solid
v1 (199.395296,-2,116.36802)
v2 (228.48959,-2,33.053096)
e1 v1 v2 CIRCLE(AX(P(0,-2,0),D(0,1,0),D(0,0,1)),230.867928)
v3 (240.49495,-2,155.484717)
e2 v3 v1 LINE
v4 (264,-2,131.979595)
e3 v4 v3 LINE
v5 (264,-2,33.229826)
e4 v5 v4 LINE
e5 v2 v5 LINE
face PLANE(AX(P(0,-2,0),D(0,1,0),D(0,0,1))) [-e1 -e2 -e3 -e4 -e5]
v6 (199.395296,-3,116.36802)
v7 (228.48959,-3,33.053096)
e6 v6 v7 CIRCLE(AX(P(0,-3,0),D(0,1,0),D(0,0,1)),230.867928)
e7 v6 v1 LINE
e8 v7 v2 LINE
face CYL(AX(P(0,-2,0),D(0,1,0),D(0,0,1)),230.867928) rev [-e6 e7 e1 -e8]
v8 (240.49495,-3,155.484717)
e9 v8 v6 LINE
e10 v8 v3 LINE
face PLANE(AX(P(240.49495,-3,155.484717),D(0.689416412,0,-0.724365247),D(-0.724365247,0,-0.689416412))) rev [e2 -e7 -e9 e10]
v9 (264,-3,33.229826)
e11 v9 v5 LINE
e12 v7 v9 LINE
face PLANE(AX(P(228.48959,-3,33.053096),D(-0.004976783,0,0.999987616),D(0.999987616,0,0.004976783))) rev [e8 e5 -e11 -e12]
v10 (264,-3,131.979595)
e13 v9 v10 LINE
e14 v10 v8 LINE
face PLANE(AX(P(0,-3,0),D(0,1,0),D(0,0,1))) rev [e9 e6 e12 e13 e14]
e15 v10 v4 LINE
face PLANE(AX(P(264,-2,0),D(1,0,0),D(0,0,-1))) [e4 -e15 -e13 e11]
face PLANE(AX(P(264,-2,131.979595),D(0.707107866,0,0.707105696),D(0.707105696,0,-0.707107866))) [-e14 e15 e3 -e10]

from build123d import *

# Parameters (mm, degrees)
BASEPLATE_PROFILE_DEPTH               = 2
SKETCH2_R                             = 1
M3_PINS_DEPTH                         = 5
M3_PINS_TAPER                         = 7
CIRPATTERN1_COUNT                     = 32
SKETCH4_R                             = 1
PILLAR_PINS_DEPTH                     = 5
PILLAR_PINS_DRAFT                     = 6
PILLAR_PINS_PROFILE_2_DEPTH           = 5
PILLAR_PINS_PROFILE_2_DRAFT           = 6
CIRPATTERN2_COPY_1_SKETCH_R           = 1
CIRPATTERN2_COPY_1_DEPTH              = 5
CIRPATTERN2_COPY_1_DRAFT              = 6
CIRPATTERN2_COPY_2_SKETCH_R           = 1
CIRPATTERN2_COPY_2_DEPTH              = 5
CIRPATTERN2_COPY_2_DRAFT              = 6
CIRPATTERN2_COPY_3_SKETCH_R           = 1
CIRPATTERN2_COPY_3_DEPTH              = 5
CIRPATTERN2_COPY_3_DRAFT              = 6
CIRPATTERN2_COPY_4_SKETCH_R           = 1
CIRPATTERN2_COPY_4_DEPTH              = 5
CIRPATTERN2_COPY_4_DRAFT              = 6
CIRPATTERN2_COPY_5_SKETCH_R           = 1
CIRPATTERN2_COPY_5_DEPTH              = 5
CIRPATTERN2_COPY_5_DRAFT              = 6
CIRPATTERN2_COPY_6_SKETCH_R           = 1
CIRPATTERN2_COPY_6_DEPTH              = 5
CIRPATTERN2_COPY_6_DRAFT              = 6
CIRPATTERN2_COPY_7_SKETCH_R           = 1
CIRPATTERN2_COPY_7_DEPTH              = 5
CIRPATTERN2_COPY_7_DRAFT              = 6
CIRPATTERN2_COPY_8_SKETCH_R           = 1
CIRPATTERN2_COPY_8_DEPTH              = 5
CIRPATTERN2_COPY_8_DRAFT              = 6
CIRPATTERN2_COPY_9_SKETCH_R           = 1
CIRPATTERN2_COPY_9_DEPTH              = 5
CIRPATTERN2_COPY_9_DRAFT              = 6
CIRPATTERN2_COPY_10_SKETCH_R          = 1
CIRPATTERN2_COPY_10_DEPTH             = 5
CIRPATTERN2_COPY_10_DRAFT             = 6
CIRPATTERN2_COPY_11_SKETCH_R          = 1
CIRPATTERN2_COPY_11_DEPTH             = 5
CIRPATTERN2_COPY_11_DRAFT             = 6
CIRPATTERN2_COPY_12_SKETCH_R          = 1
CIRPATTERN2_COPY_12_DEPTH             = 5
CIRPATTERN2_COPY_12_DRAFT             = 6
CIRPATTERN2_COPY_13_SKETCH_R          = 1
CIRPATTERN2_COPY_13_DEPTH             = 5
CIRPATTERN2_COPY_13_DRAFT             = 6
CIRPATTERN2_COPY_14_SKETCH_R          = 1
CIRPATTERN2_COPY_14_DEPTH             = 5
CIRPATTERN2_COPY_14_DRAFT             = 6
CIRPATTERN2_COPY_15_SKETCH_R          = 1
CIRPATTERN2_COPY_15_DEPTH             = 5
CIRPATTERN2_COPY_15_DRAFT             = 6
SKETCH5_R                             = 3
M8_HOLE_1_DEPTH                       = 5
M8_HOLE_1_TAPER                       = 12
M8_1_PATTERN_COUNT                    = 4
SKETCH6_R                             = 3
EXTRUDE_M8_2_DEPTH                    = 5
EXTRUDE_M8_2_TAPER                    = 12
M8_2_PATTERN_COUNT                    = 4
PATTERN_CIRCULAR_M8_3_COUNT           = 2
PATTERN_CIRCULAR_M8_3_ANGLE           = 36.9
PATTERN_CIRCULAR_M8_3_COPY_1_SKETCH_R = 3
PATTERN_CIRCULAR_M8_3_COPY_1_DEPTH    = 5
PATTERN_CIRCULAR_M8_3_COPY_1_TAPER    = 12
PATTERN_CIRCULAR_M8_3_COPY_2_SKETCH_R = 3
PATTERN_CIRCULAR_M8_3_COPY_2_DEPTH    = 5
PATTERN_CIRCULAR_M8_3_COPY_2_TAPER    = 12
PATTERN_CIRCULAR_M8_3_COPY_3_SKETCH_R = 3
PATTERN_CIRCULAR_M8_3_COPY_3_DEPTH    = 5
PATTERN_CIRCULAR_M8_3_COPY_3_TAPER    = 12
CUT_CENTER_DEPTH                      = 374.385859402
CIRPATTERN7_COUNT                     = 6
SKETCH16_W                            = 706.015434107
SKETCH16_H                            = 962.246603821
SKETCH16_W_2                          = 199
SKETCH16_H_2                          = 199
CUT_EXTRUDE4_DEPTH                    = 374.417996354
CUT_EXTRUDE5_DEPTH                    = 374.385859402
BOSS_EXTRUDE3_DEPTH                   = 2
BOSS_EXTRUDE4_DEPTH                   = 1
SKETCH21_W                            = 326.425161963
SKETCH21_H                            = 364.538398874
CUT_EXTRUDE6_DEPTH                    = 374.417996354


with BuildPart() as part:
    # Sketch1 → baseplate profile (new body)
    with BuildSketch(Plane(origin=(0, 0, 0), x_dir=(1, 0, 0), z_dir=(0, 1, 0))):
        Polygon((264, 0), (264, 131.98), (131.979594929, 264), (0, 264), (-131.98, 264), (-264, 131.979594929), (-264, 0), (-264, -131.98), (-131.979594929, -264), (0, -264), (131.98, -264), (264, -131.979594929), align=None)
    extrude(amount=-BASEPLATE_PROFILE_DEPTH)

    # Sketch2 → M3 pins (add)
    with BuildSketch(Plane(origin=(0, 0, 0), x_dir=(1, 0, 0), z_dir=(0, 1, 0))):
        with Locations((0, 248)):
            Circle(SKETCH2_R)
    m3_pins = extrude(amount=M3_PINS_DEPTH, taper=M3_PINS_TAPER)

    # CirPattern1: M3 pins ×32 about axis
    cirpattern1_axis = Axis((0, 0, 0), (0, 1, 0))
    for i in range(1, CIRPATTERN1_COUNT):
        add(m3_pins.rotate(cirpattern1_axis, i * 360 / CIRPATTERN1_COUNT))


with BuildPart() as pillar_pins_tool:
    # Sketch4 → pillar pins (with draft: the straight prism first)
    with BuildSketch(Plane(origin=(0, 0, 0), x_dir=(1, 0, 0), z_dir=(0, 1, 0))):
        with Locations((9, 201)):
            Circle(SKETCH4_R)
    extrude(amount=PILLAR_PINS_DEPTH)
    # pillar pins: the draft: its side faces are tilted about the plane it starts from
    pillar_pins_sides = [pillar_pins_tool.faces().sort_by_distance(p)[0] for p in [
        (8, 2.5, -201),
    ]]
    draft(pillar_pins_sides, Plane(origin=(0, 0, 0), x_dir=(1, 0, 0), z_dir=(0, 1, 0)), PILLAR_PINS_DRAFT)


with BuildPart() as part_1:
    add(part.part)

    # pillar pins: add pillar_pins_tool
    add(pillar_pins_tool.part)


with BuildPart() as pillar_pins_profile_2_tool:
    # Sketch4 → pillar pins profile 2 (with draft: the straight prism first)
    with BuildSketch(Plane(origin=(0, 0, 0), x_dir=(1, 0, 0), z_dir=(0, 1, 0))):
        with Locations((-9, 201)):
            Circle(SKETCH4_R)
    extrude(amount=PILLAR_PINS_PROFILE_2_DEPTH)
    # pillar pins profile 2: the draft: its side faces are tilted about the plane it starts from
    pillar_pins_profile_2_sides = [pillar_pins_profile_2_tool.faces().sort_by_distance(p)[0] for p in [
        (-10, 2.5, -201),
    ]]
    draft(pillar_pins_profile_2_sides, Plane(origin=(0, 0, 0), x_dir=(1, 0, 0), z_dir=(0, 1, 0)), PILLAR_PINS_PROFILE_2_DRAFT)


with BuildPart() as part_2:
    add(part_1.part)

    # pillar pins profile 2: add pillar_pins_profile_2_tool
    add(pillar_pins_profile_2_tool.part)


with BuildPart() as cirpattern2_copy_1_tool:
    # CirPattern2 copy 1 sketch → CirPattern2 copy 1 (with draft: the straight prism first)
    with BuildSketch(Plane(origin=(0, 0, 0), x_dir=(0.5000000000000001, 0, -0.8660254037844386), z_dir=(0, 1, 0))):
        with Locations((9, 201)):
            Circle(CIRPATTERN2_COPY_1_SKETCH_R)
    extrude(amount=CIRPATTERN2_COPY_1_DEPTH)
    # CirPattern2 copy 1: the draft: its side faces are tilted about the plane it starts from
    cirpattern2_copy_1_sides = [cirpattern2_copy_1_tool.faces().sort_by_distance(p)[0] for p in [
        (-170.071106161, 2.5, -107.42820323),
    ]]
    draft(cirpattern2_copy_1_sides, Plane(origin=(0, 0, 0), x_dir=(0.5000000000000001, 0, -0.8660254037844386), z_dir=(0, 1, 0)), CIRPATTERN2_COPY_1_DRAFT)


with BuildPart() as part_3:
    add(part_2.part)

    # CirPattern2 copy 1: add cirpattern2_copy_1_tool
    add(cirpattern2_copy_1_tool.part)


with BuildPart() as cirpattern2_copy_2_tool:
    # CirPattern2 copy 2 sketch → CirPattern2 copy 2 (with draft: the straight prism first)
    with BuildSketch(Plane(origin=(0, 0, 0), x_dir=(-0.4999999999999998, 0, -0.8660254037844387), z_dir=(0, 1, 0))):
        with Locations((9, 201)):
            Circle(CIRPATTERN2_COPY_2_SKETCH_R)
    extrude(amount=CIRPATTERN2_COPY_2_DEPTH)
    # CirPattern2 copy 2: the draft: its side faces are tilted about the plane it starts from
    cirpattern2_copy_2_sides = [cirpattern2_copy_2_tool.faces().sort_by_distance(p)[0] for p in [
        (-178.071106161, 2.5, 93.57179677),
    ]]
    draft(cirpattern2_copy_2_sides, Plane(origin=(0, 0, 0), x_dir=(-0.4999999999999998, 0, -0.8660254037844387), z_dir=(0, 1, 0)), CIRPATTERN2_COPY_2_DRAFT)


with BuildPart() as part_4:
    add(part_3.part)

    # CirPattern2 copy 2: add cirpattern2_copy_2_tool
    add(cirpattern2_copy_2_tool.part)


with BuildPart() as cirpattern2_copy_3_tool:
    # CirPattern2 copy 3 sketch → CirPattern2 copy 3 (with draft: the straight prism first)
    with BuildSketch(Plane(origin=(0, 0, 0), x_dir=(-1, 0, 0), z_dir=(0, 1, 0))):
        with Locations((9, 201)):
            Circle(CIRPATTERN2_COPY_3_SKETCH_R)
    extrude(amount=CIRPATTERN2_COPY_3_DEPTH)
    # CirPattern2 copy 3: the draft: its side faces are tilted about the plane it starts from
    cirpattern2_copy_3_sides = [cirpattern2_copy_3_tool.faces().sort_by_distance(p)[0] for p in [
        (-8, 2.5, 201),
    ]]
    draft(cirpattern2_copy_3_sides, Plane(origin=(0, 0, 0), x_dir=(-1, 0, 0), z_dir=(0, 1, 0)), CIRPATTERN2_COPY_3_DRAFT)


with BuildPart() as part_5:
    add(part_4.part)

    # CirPattern2 copy 3: add cirpattern2_copy_3_tool
    add(cirpattern2_copy_3_tool.part)


with BuildPart() as cirpattern2_copy_4_tool:
    # CirPattern2 copy 4 sketch → CirPattern2 copy 4 (with draft: the straight prism first)
    with BuildSketch(Plane(origin=(0, 0, 0), x_dir=(-0.5000000000000004, 0, 0.8660254037844384), z_dir=(0, 1, 0))):
        with Locations((9, 201)):
            Circle(CIRPATTERN2_COPY_4_SKETCH_R)
    extrude(amount=CIRPATTERN2_COPY_4_DEPTH)
    # CirPattern2 copy 4: the draft: its side faces are tilted about the plane it starts from
    cirpattern2_copy_4_sides = [cirpattern2_copy_4_tool.faces().sort_by_distance(p)[0] for p in [
        (170.071106161, 2.5, 107.42820323),
    ]]
    draft(cirpattern2_copy_4_sides, Plane(origin=(0, 0, 0), x_dir=(-0.5000000000000004, 0, 0.8660254037844384), z_dir=(0, 1, 0)), CIRPATTERN2_COPY_4_DRAFT)


with BuildPart() as part_6:
    add(part_5.part)

    # CirPattern2 copy 4: add cirpattern2_copy_4_tool
    add(cirpattern2_copy_4_tool.part)


with BuildPart() as cirpattern2_copy_5_tool:
    # CirPattern2 copy 5 sketch → CirPattern2 copy 5 (with draft: the straight prism first)
    with BuildSketch(Plane(origin=(0, 0, 0), x_dir=(0.5000000000000001, 0, 0.8660254037844386), z_dir=(0, 1, 0))):
        with Locations((9, 201)):
            Circle(CIRPATTERN2_COPY_5_SKETCH_R)
    extrude(amount=CIRPATTERN2_COPY_5_DEPTH)
    # CirPattern2 copy 5: the draft: its side faces are tilted about the plane it starts from
    cirpattern2_copy_5_sides = [cirpattern2_copy_5_tool.faces().sort_by_distance(p)[0] for p in [
        (178.071106161, 2.5, -93.57179677),
    ]]
    draft(cirpattern2_copy_5_sides, Plane(origin=(0, 0, 0), x_dir=(0.5000000000000001, 0, 0.8660254037844386), z_dir=(0, 1, 0)), CIRPATTERN2_COPY_5_DRAFT)


with BuildPart() as part_7:
    add(part_6.part)

    # CirPattern2 copy 5: add cirpattern2_copy_5_tool
    add(cirpattern2_copy_5_tool.part)


with BuildPart() as cirpattern2_copy_6_tool:
    # CirPattern2 copy 6 sketch → CirPattern2 copy 6 (with draft: the straight prism first)
    with BuildSketch(Plane(origin=(0, 0, 0), x_dir=(0.5000000000000001, 0, -0.8660254037844386), z_dir=(0, 1, 0))):
        with Locations((-9, 201)):
            Circle(CIRPATTERN2_COPY_6_SKETCH_R)
    extrude(amount=CIRPATTERN2_COPY_6_DEPTH)
    # CirPattern2 copy 6: the draft: its side faces are tilted about the plane it starts from
    cirpattern2_copy_6_sides = [cirpattern2_copy_6_tool.faces().sort_by_distance(p)[0] for p in [
        (-179.071106161, 2.5, -91.839745962),
    ]]
    draft(cirpattern2_copy_6_sides, Plane(origin=(0, 0, 0), x_dir=(0.5000000000000001, 0, -0.8660254037844386), z_dir=(0, 1, 0)), CIRPATTERN2_COPY_6_DRAFT)


with BuildPart() as part_8:
    add(part_7.part)

    # CirPattern2 copy 6: add cirpattern2_copy_6_tool
    add(cirpattern2_copy_6_tool.part)


with BuildPart() as cirpattern2_copy_7_tool:
    # CirPattern2 copy 7 sketch → CirPattern2 copy 7 (with draft: the straight prism first)
    with BuildSketch(Plane(origin=(0, 0, 0), x_dir=(-0.4999999999999998, 0, -0.8660254037844387), z_dir=(0, 1, 0))):
        with Locations((-9, 201)):
            Circle(CIRPATTERN2_COPY_7_SKETCH_R)
    extrude(amount=CIRPATTERN2_COPY_7_DEPTH)
    # CirPattern2 copy 7: the draft: its side faces are tilted about the plane it starts from
    cirpattern2_copy_7_sides = [cirpattern2_copy_7_tool.faces().sort_by_distance(p)[0] for p in [
        (-169.071106161, 2.5, 109.160254038),
    ]]
    draft(cirpattern2_copy_7_sides, Plane(origin=(0, 0, 0), x_dir=(-0.4999999999999998, 0, -0.8660254037844387), z_dir=(0, 1, 0)), CIRPATTERN2_COPY_7_DRAFT)


with BuildPart() as part_9:
    add(part_8.part)

    # CirPattern2 copy 7: add cirpattern2_copy_7_tool
    add(cirpattern2_copy_7_tool.part)


with BuildPart() as cirpattern2_copy_8_tool:
    # CirPattern2 copy 8 sketch → CirPattern2 copy 8 (with draft: the straight prism first)
    with BuildSketch(Plane(origin=(0, 0, 0), x_dir=(-1, 0, 0), z_dir=(0, 1, 0))):
        with Locations((-9, 201)):
            Circle(CIRPATTERN2_COPY_8_SKETCH_R)
    extrude(amount=CIRPATTERN2_COPY_8_DEPTH)
    # CirPattern2 copy 8: the draft: its side faces are tilted about the plane it starts from
    cirpattern2_copy_8_sides = [cirpattern2_copy_8_tool.faces().sort_by_distance(p)[0] for p in [
        (10, 2.5, 201),
    ]]
    draft(cirpattern2_copy_8_sides, Plane(origin=(0, 0, 0), x_dir=(-1, 0, 0), z_dir=(0, 1, 0)), CIRPATTERN2_COPY_8_DRAFT)


with BuildPart() as part_10:
    add(part_9.part)

    # CirPattern2 copy 8: add cirpattern2_copy_8_tool
    add(cirpattern2_copy_8_tool.part)


with BuildPart() as cirpattern2_copy_9_tool:
    # CirPattern2 copy 9 sketch → CirPattern2 copy 9 (with draft: the straight prism first)
    with BuildSketch(Plane(origin=(0, 0, 0), x_dir=(-0.5000000000000004, 0, 0.8660254037844384), z_dir=(0, 1, 0))):
        with Locations((-9, 201)):
            Circle(CIRPATTERN2_COPY_9_SKETCH_R)
    extrude(amount=CIRPATTERN2_COPY_9_DEPTH)
    # CirPattern2 copy 9: the draft: its side faces are tilted about the plane it starts from
    cirpattern2_copy_9_sides = [cirpattern2_copy_9_tool.faces().sort_by_distance(p)[0] for p in [
        (179.071106161, 2.5, 91.839745962),
    ]]
    draft(cirpattern2_copy_9_sides, Plane(origin=(0, 0, 0), x_dir=(-0.5000000000000004, 0, 0.8660254037844384), z_dir=(0, 1, 0)), CIRPATTERN2_COPY_9_DRAFT)


with BuildPart() as part_11:
    add(part_10.part)

    # CirPattern2 copy 9: add cirpattern2_copy_9_tool
    add(cirpattern2_copy_9_tool.part)


with BuildPart() as cirpattern2_copy_10_tool:
    # CirPattern2 copy 10 sketch → CirPattern2 copy 10 (with draft: the straight prism first)
    with BuildSketch(Plane(origin=(0, 0, 0), x_dir=(0.5000000000000001, 0, 0.8660254037844386), z_dir=(0, 1, 0))):
        with Locations((-9, 201)):
            Circle(CIRPATTERN2_COPY_10_SKETCH_R)
    extrude(amount=CIRPATTERN2_COPY_10_DEPTH)
    # CirPattern2 copy 10: the draft: its side faces are tilted about the plane it starts from
    cirpattern2_copy_10_sides = [cirpattern2_copy_10_tool.faces().sort_by_distance(p)[0] for p in [
        (169.071106161, 2.5, -109.160254038),
    ]]
    draft(cirpattern2_copy_10_sides, Plane(origin=(0, 0, 0), x_dir=(0.5000000000000001, 0, 0.8660254037844386), z_dir=(0, 1, 0)), CIRPATTERN2_COPY_10_DRAFT)


with BuildPart() as part_12:
    add(part_11.part)

    # CirPattern2 copy 10: add cirpattern2_copy_10_tool
    add(cirpattern2_copy_10_tool.part)


with BuildPart() as cirpattern2_copy_11_tool:
    # CirPattern2 copy 11 sketch → CirPattern2 copy 11 (with draft: the straight prism first)
    with BuildSketch(Plane(origin=(0, 0, 0), x_dir=(0.5000000000000001, 0, -0.8660254037844386), z_dir=(0, 1, 0))):
        with Locations((-9, 201)):
            Circle(CIRPATTERN2_COPY_11_SKETCH_R)
    extrude(amount=CIRPATTERN2_COPY_11_DEPTH)
    # CirPattern2 copy 11: the draft: its side faces are tilted about the plane it starts from
    cirpattern2_copy_11_sides = [cirpattern2_copy_11_tool.faces().sort_by_distance(p)[0] for p in [
        (-179.071106161, 2.5, -91.839745962),
    ]]
    draft(cirpattern2_copy_11_sides, Plane(origin=(0, 0, 0), x_dir=(0.5000000000000001, 0, -0.8660254037844386), z_dir=(0, 1, 0)), CIRPATTERN2_COPY_11_DRAFT)


with BuildPart() as part_13:
    add(part_12.part)

    # CirPattern2 copy 11: add cirpattern2_copy_11_tool
    add(cirpattern2_copy_11_tool.part)


with BuildPart() as cirpattern2_copy_12_tool:
    # CirPattern2 copy 12 sketch → CirPattern2 copy 12 (with draft: the straight prism first)
    with BuildSketch(Plane(origin=(0, 0, 0), x_dir=(-0.4999999999999998, 0, -0.8660254037844387), z_dir=(0, 1, 0))):
        with Locations((-9, 201)):
            Circle(CIRPATTERN2_COPY_12_SKETCH_R)
    extrude(amount=CIRPATTERN2_COPY_12_DEPTH)
    # CirPattern2 copy 12: the draft: its side faces are tilted about the plane it starts from
    cirpattern2_copy_12_sides = [cirpattern2_copy_12_tool.faces().sort_by_distance(p)[0] for p in [
        (-169.071106161, 2.5, 109.160254038),
    ]]
    draft(cirpattern2_copy_12_sides, Plane(origin=(0, 0, 0), x_dir=(-0.4999999999999998, 0, -0.8660254037844387), z_dir=(0, 1, 0)), CIRPATTERN2_COPY_12_DRAFT)


with BuildPart() as part_14:
    add(part_13.part)

    # CirPattern2 copy 12: add cirpattern2_copy_12_tool
    add(cirpattern2_copy_12_tool.part)


with BuildPart() as cirpattern2_copy_13_tool:
    # CirPattern2 copy 13 sketch → CirPattern2 copy 13 (with draft: the straight prism first)
    with BuildSketch(Plane(origin=(0, 0, 0), x_dir=(-1, 0, 0), z_dir=(0, 1, 0))):
        with Locations((-9, 201)):
            Circle(CIRPATTERN2_COPY_13_SKETCH_R)
    extrude(amount=CIRPATTERN2_COPY_13_DEPTH)
    # CirPattern2 copy 13: the draft: its side faces are tilted about the plane it starts from
    cirpattern2_copy_13_sides = [cirpattern2_copy_13_tool.faces().sort_by_distance(p)[0] for p in [
        (10, 2.5, 201),
    ]]
    draft(cirpattern2_copy_13_sides, Plane(origin=(0, 0, 0), x_dir=(-1, 0, 0), z_dir=(0, 1, 0)), CIRPATTERN2_COPY_13_DRAFT)


with BuildPart() as part_15:
    add(part_14.part)

    # CirPattern2 copy 13: add cirpattern2_copy_13_tool
    add(cirpattern2_copy_13_tool.part)


with BuildPart() as cirpattern2_copy_14_tool:
    # CirPattern2 copy 14 sketch → CirPattern2 copy 14 (with draft: the straight prism first)
    with BuildSketch(Plane(origin=(0, 0, 0), x_dir=(-0.5000000000000004, 0, 0.8660254037844384), z_dir=(0, 1, 0))):
        with Locations((-9, 201)):
            Circle(CIRPATTERN2_COPY_14_SKETCH_R)
    extrude(amount=CIRPATTERN2_COPY_14_DEPTH)
    # CirPattern2 copy 14: the draft: its side faces are tilted about the plane it starts from
    cirpattern2_copy_14_sides = [cirpattern2_copy_14_tool.faces().sort_by_distance(p)[0] for p in [
        (179.071106161, 2.5, 91.839745962),
    ]]
    draft(cirpattern2_copy_14_sides, Plane(origin=(0, 0, 0), x_dir=(-0.5000000000000004, 0, 0.8660254037844384), z_dir=(0, 1, 0)), CIRPATTERN2_COPY_14_DRAFT)


with BuildPart() as part_16:
    add(part_15.part)

    # CirPattern2 copy 14: add cirpattern2_copy_14_tool
    add(cirpattern2_copy_14_tool.part)


with BuildPart() as cirpattern2_copy_15_tool:
    # CirPattern2 copy 15 sketch → CirPattern2 copy 15 (with draft: the straight prism first)
    with BuildSketch(Plane(origin=(0, 0, 0), x_dir=(0.5000000000000001, 0, 0.8660254037844386), z_dir=(0, 1, 0))):
        with Locations((-9, 201)):
            Circle(CIRPATTERN2_COPY_15_SKETCH_R)
    extrude(amount=CIRPATTERN2_COPY_15_DEPTH)
    # CirPattern2 copy 15: the draft: its side faces are tilted about the plane it starts from
    cirpattern2_copy_15_sides = [cirpattern2_copy_15_tool.faces().sort_by_distance(p)[0] for p in [
        (169.071106161, 2.5, -109.160254038),
    ]]
    draft(cirpattern2_copy_15_sides, Plane(origin=(0, 0, 0), x_dir=(0.5000000000000001, 0, 0.8660254037844386), z_dir=(0, 1, 0)), CIRPATTERN2_COPY_15_DRAFT)


with BuildPart() as part_17:
    add(part_16.part)

    # CirPattern2 copy 15: add cirpattern2_copy_15_tool
    add(cirpattern2_copy_15_tool.part)

    # Sketch5 → M8 hole -1 (add)
    with BuildSketch(Plane(origin=(0, 0, 0), x_dir=(1, 0, 0), z_dir=(0, 1, 0))):
        with Locations((-193.040151264, 193.040151264)):
            Circle(SKETCH5_R)
    m8_hole_1 = extrude(amount=M8_HOLE_1_DEPTH, taper=M8_HOLE_1_TAPER)

    # M8 -1 pattern: M8 hole -1 ×4 about axis
    m8_1_pattern_axis = Axis((0, 0, 0), (0, 1, 0))
    for i in range(1, M8_1_PATTERN_COUNT):
        add(m8_hole_1.rotate(m8_1_pattern_axis, i * 360 / M8_1_PATTERN_COUNT))

    # Sketch6 → M8 -2 (add)
    with BuildSketch(Plane(origin=(0, 0, 0), x_dir=(1, 0, 0), z_dir=(0, 1, 0))):
        with Locations((-125, -250)):
            Circle(SKETCH6_R)
    extrude_m8_2 = extrude(amount=EXTRUDE_M8_2_DEPTH, taper=EXTRUDE_M8_2_TAPER)

    # M8 -2 pattern: M8 -2 ×4 about axis
    m8_2_pattern_axis = Axis((0, 0, 0), (0, 1, 0))
    for i in range(1, M8_2_PATTERN_COUNT):
        add(extrude_m8_2.rotate(m8_2_pattern_axis, i * 360 / M8_2_PATTERN_COUNT))

    # M8 -3: M8 -2 ×2 about axis
    pattern_circular_m8_3_axis = Axis((0, 0, 0), (0, -1, 0))
    for i in range(1, PATTERN_CIRCULAR_M8_3_COUNT):
        add(extrude_m8_2.rotate(pattern_circular_m8_3_axis, i * PATTERN_CIRCULAR_M8_3_ANGLE / (PATTERN_CIRCULAR_M8_3_COUNT - 1)))

    # M8 -3 copy 1 sketch → M8 -3 copy 1 (add)
    with BuildSketch(Plane(origin=(0, 0, 0), x_dir=(0.6004202253258852, 0, -0.7996846584870897), z_dir=(0, 1, 0))):
        with Locations((-125, -250)):
            Circle(PATTERN_CIRCULAR_M8_3_COPY_1_SKETCH_R)
    extrude(amount=PATTERN_CIRCULAR_M8_3_COPY_1_DEPTH, taper=PATTERN_CIRCULAR_M8_3_COPY_1_TAPER)

    # M8 -3 copy 2 sketch → M8 -3 copy 2 (add)
    with BuildSketch(Plane(origin=(0, 0, 0), x_dir=(-0.7996846584870896, 0, -0.6004202253258853), z_dir=(0, 1, 0))):
        with Locations((-125, -250)):
            Circle(PATTERN_CIRCULAR_M8_3_COPY_2_SKETCH_R)
    extrude(amount=PATTERN_CIRCULAR_M8_3_COPY_2_DEPTH, taper=PATTERN_CIRCULAR_M8_3_COPY_2_TAPER)

    # M8 -3 copy 3 sketch → M8 -3 copy 3 (add)
    with BuildSketch(Plane(origin=(0, 0, 0), x_dir=(-0.6004202253258853, 0, 0.7996846584870896), z_dir=(0, 1, 0))):
        with Locations((-125, -250)):
            Circle(PATTERN_CIRCULAR_M8_3_COPY_3_SKETCH_R)
    extrude(amount=PATTERN_CIRCULAR_M8_3_COPY_3_DEPTH, taper=PATTERN_CIRCULAR_M8_3_COPY_3_TAPER)

    # Sketch8 → cut center (cut, through all)
    with BuildSketch(Plane(origin=(0, 0, 0), x_dir=(1, 0, 0), z_dir=(0, 1, 0))):
        with BuildLine():
            Line((115.433963806, -199.937490231), (0, 0))
            Line((0, 0), (0, -180))
            Line((0, -180), (20, -180))
            Line((20, -180), (20, -230))
            ThreePointArc((20, -230), (69.365180469, -220.200980331), (115.433963806, -199.937490231))
        make_face()
        with BuildLine():
            Line((0, -180), (0, 0))
            Line((0, 0), (-115.433963806, -199.937490231))
            ThreePointArc((-115.433963806, -199.937490231), (-69.365180469, -220.200980331), (-20, -230))
            Line((-20, -230), (-20, -180))
            Line((-20, -180), (0, -180))
        make_face()
    cut_center = extrude(amount=-CUT_CENTER_DEPTH, mode=Mode.SUBTRACT)

    # CirPattern7: cut center ×6 about axis
    cirpattern7_axis = Axis((0, 0, 0), (0, 1, 0))
    for i in range(1, CIRPATTERN7_COUNT):
        add(cut_center.rotate(cirpattern7_axis, i * 360 / CIRPATTERN7_COUNT), mode=Mode.SUBTRACT)

    # Sketch16 → Cut-Extrude4 (cut, through all)
    with BuildSketch(Plane.XZ.offset(2)):
        with Locations((12.105337572, -26.075320592)):
            Rectangle(SKETCH16_W, SKETCH16_H)
        with Locations((190.5, 190.5)):
            Rectangle(SKETCH16_W_2, SKETCH16_H_2, mode=Mode.SUBTRACT)
    extrude(amount=-CUT_EXTRUDE4_DEPTH, mode=Mode.SUBTRACT)

    # Sketch17 → Cut-Extrude5 (cut, through all)
    with BuildSketch(Plane(origin=(0, 0, 0), x_dir=(1, 0, 0), z_dir=(0, 1, 0))):
        Polygon((81, -244), (96, -252.660254038), (96, -235.339745962), align=None)
    extrude(amount=-CUT_EXTRUDE5_DEPTH, mode=Mode.SUBTRACT)

    # Sketch19 → Boss-Extrude3 (add)
    with BuildSketch(Plane(origin=(0, -2, 0), x_dir=(-1, 0, 0), z_dir=(0, -1, 0))):
        Polygon((-235.339745962, -86), (-252.660254038, -86), (-244, -101), align=None)
    extrude(amount=-BOSS_EXTRUDE3_DEPTH)

    # Sketch20 → Boss-Extrude4 (add)
    with BuildSketch(Plane.XZ.offset(2)):
        with BuildLine():
            Line((240.494949993, 155.484717056), (264, 131.979594929))
            Line((264, 131.979594929), (264, 33.229825763))
            Line((264, 33.229825763), (228.489590239, 33.05309596))
            ThreePointArc((228.489590239, 33.05309596), (217.960347438, 76.113644932), (199.3952958, 116.368019717))
            Line((199.3952958, 116.368019717), (240.494949993, 155.484717056))
        make_face()
    extrude(amount=BOSS_EXTRUDE4_DEPTH)

    # Sketch21 → Cut-Extrude6 (cut, through all)
    with BuildSketch(Plane.XZ.offset(2)):
        with Locations((202.532221133, 140.310862517)):
            Rectangle(SKETCH21_W, SKETCH21_H)
    extrude(amount=-CUT_EXTRUDE6_DEPTH, mode=Mode.SUBTRACT)


solid = part_17.part
